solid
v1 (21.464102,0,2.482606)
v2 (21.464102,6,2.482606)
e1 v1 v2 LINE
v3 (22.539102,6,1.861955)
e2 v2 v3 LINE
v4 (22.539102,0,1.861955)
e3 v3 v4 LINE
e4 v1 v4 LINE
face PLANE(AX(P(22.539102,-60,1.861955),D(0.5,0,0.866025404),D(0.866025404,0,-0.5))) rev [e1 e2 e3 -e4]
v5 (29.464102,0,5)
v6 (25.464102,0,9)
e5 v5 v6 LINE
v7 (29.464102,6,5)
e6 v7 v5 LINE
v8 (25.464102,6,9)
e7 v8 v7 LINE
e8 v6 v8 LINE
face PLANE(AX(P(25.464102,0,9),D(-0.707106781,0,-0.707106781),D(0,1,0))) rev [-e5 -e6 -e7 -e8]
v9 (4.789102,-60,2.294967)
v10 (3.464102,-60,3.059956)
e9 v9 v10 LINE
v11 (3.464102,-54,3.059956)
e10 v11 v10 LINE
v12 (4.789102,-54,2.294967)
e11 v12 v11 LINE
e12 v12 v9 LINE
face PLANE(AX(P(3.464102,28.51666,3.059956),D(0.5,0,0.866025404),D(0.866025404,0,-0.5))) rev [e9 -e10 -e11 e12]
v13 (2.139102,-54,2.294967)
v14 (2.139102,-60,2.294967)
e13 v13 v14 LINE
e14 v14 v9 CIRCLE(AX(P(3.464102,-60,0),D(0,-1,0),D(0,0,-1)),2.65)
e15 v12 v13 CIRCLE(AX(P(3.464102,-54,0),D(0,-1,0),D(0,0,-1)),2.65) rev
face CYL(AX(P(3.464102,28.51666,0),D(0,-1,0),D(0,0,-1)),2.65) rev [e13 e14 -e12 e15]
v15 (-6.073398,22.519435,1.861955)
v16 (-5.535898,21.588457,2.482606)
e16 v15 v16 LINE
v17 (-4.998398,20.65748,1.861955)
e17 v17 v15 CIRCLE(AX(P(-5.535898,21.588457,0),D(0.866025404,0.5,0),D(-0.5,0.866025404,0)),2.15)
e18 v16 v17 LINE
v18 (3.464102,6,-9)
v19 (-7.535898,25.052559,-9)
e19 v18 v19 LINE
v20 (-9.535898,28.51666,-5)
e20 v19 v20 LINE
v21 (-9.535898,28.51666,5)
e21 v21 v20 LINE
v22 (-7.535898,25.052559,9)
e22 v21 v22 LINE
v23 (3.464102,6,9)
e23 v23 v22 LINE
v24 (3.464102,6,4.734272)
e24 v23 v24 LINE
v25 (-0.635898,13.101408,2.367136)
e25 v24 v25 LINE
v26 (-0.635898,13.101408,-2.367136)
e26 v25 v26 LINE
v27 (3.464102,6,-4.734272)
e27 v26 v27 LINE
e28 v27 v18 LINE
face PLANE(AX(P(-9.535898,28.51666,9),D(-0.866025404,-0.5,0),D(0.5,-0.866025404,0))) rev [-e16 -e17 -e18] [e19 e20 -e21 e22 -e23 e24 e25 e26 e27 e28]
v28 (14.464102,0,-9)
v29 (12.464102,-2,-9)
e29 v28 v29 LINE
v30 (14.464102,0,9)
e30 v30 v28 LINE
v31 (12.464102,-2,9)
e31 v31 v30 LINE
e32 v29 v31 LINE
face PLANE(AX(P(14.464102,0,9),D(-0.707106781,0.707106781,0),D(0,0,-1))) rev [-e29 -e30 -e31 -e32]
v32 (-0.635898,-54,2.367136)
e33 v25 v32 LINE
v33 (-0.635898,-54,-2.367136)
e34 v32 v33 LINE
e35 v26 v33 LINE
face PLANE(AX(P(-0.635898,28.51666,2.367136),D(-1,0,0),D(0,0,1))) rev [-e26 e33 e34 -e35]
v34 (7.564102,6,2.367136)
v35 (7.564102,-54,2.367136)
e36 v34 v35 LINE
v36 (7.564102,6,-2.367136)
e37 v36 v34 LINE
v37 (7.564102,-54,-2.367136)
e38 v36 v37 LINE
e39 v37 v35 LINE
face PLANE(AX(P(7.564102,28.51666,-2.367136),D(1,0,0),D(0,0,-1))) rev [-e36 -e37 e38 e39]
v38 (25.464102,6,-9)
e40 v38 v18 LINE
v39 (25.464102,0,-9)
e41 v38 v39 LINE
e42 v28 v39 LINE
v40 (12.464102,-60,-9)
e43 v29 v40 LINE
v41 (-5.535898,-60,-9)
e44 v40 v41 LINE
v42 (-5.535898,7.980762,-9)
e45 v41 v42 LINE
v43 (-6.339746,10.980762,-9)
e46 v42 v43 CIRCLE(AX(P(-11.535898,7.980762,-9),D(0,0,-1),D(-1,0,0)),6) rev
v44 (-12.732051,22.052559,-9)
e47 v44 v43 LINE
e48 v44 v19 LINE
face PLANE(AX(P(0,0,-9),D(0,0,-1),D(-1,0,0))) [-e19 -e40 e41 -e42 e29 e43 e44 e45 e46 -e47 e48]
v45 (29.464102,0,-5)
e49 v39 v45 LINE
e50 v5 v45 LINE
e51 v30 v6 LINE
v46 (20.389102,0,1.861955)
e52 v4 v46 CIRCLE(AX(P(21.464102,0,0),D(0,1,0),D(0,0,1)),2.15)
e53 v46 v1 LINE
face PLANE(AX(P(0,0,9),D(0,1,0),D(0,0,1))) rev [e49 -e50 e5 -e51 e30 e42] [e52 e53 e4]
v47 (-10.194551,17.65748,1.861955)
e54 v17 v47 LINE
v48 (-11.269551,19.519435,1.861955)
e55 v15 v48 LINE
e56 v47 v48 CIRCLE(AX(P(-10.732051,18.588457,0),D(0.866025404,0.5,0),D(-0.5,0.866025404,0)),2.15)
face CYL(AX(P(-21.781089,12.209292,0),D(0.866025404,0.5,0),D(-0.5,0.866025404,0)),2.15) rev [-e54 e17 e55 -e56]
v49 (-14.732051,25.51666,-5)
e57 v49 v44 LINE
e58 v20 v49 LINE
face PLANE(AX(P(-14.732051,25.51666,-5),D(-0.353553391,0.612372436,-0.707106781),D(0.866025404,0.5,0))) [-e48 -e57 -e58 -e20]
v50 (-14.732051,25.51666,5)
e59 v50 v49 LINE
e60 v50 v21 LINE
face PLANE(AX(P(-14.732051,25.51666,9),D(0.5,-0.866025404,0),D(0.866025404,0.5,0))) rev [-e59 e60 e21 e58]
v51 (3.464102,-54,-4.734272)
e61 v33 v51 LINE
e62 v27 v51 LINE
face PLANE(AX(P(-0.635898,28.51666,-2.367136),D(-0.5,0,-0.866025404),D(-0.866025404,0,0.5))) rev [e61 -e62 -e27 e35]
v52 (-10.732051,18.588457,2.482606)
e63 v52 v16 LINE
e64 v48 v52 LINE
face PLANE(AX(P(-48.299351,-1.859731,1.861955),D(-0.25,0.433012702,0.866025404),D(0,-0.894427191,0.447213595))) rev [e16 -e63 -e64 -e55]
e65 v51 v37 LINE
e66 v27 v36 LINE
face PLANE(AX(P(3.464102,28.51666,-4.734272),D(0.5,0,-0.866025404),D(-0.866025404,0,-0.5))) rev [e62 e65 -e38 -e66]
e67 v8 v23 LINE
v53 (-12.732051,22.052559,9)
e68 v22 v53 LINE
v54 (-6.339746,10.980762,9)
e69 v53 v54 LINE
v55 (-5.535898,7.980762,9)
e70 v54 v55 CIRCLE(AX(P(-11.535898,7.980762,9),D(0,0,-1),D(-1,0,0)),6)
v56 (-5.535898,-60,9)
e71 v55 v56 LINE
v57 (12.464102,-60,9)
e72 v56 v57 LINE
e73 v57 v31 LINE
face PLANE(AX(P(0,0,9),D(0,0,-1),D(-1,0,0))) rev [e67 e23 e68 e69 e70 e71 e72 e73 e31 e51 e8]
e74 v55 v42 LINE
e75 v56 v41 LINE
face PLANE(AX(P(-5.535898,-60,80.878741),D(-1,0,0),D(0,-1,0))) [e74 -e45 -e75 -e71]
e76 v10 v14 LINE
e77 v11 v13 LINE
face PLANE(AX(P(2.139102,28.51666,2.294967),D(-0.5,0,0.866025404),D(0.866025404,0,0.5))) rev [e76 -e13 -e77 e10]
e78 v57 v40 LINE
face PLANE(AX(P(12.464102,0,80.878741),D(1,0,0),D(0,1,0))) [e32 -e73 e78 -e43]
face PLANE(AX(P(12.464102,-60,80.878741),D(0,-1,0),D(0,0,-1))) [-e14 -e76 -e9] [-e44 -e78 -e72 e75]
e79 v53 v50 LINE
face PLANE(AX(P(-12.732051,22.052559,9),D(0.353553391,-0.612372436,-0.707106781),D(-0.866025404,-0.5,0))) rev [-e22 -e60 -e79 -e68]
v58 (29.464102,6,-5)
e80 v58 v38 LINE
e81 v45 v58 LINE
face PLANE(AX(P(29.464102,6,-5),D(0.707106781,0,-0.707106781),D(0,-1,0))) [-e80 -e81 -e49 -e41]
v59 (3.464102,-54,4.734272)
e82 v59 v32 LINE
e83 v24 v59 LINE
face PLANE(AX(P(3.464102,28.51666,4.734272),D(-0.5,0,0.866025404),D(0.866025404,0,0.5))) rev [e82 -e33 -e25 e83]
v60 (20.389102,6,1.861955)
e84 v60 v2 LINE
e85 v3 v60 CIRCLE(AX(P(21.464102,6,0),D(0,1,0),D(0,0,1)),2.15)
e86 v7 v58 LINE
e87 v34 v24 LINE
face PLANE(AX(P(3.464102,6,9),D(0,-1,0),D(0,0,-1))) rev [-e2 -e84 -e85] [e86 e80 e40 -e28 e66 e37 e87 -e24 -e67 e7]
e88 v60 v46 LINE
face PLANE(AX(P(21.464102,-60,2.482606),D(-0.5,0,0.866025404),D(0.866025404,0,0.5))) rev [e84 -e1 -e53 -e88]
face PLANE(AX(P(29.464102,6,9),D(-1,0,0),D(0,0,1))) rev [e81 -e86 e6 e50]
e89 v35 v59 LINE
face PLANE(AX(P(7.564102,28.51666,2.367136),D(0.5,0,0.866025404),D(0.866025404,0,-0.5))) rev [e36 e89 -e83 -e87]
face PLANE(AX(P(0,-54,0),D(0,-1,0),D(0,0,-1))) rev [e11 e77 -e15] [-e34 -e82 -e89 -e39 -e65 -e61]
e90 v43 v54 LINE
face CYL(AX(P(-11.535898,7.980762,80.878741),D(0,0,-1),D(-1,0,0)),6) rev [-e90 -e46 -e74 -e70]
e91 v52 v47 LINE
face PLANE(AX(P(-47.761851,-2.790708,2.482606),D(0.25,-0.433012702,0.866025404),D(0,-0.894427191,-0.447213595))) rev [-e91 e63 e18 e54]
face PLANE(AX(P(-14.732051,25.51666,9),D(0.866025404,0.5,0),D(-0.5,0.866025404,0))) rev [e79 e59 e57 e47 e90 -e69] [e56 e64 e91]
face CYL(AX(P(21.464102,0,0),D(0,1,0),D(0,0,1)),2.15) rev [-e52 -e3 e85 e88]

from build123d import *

# Parameters (mm, degrees)
BOSS_EXTRUDE1_DEPTH = 9
SKETCH2_R           = 2.15
CUT_EXTRUDE1_DEPTH  = 39.159314511
SKETCH3_R           = 2.15
CUT_EXTRUDE2_DEPTH  = 37.346022079
BOSS_EXTRUDE2_DEPTH = 18
CHAMFER1_SIZE       = 4
CHAMFER2_SIZE       = 2
FILLET1_R           = 6
CUT_EXTRUDE3_DEPTH  = 69.109715592
CUT_EXTRUDE4_DEPTH  = 73.836345899
SKETCH7_R           = 2.65
CUT_EXTRUDE5_DEPTH  = 94.724769777
CUT_EXTRUDE6_START  = -6
CUT_EXTRUDE6_DEPTH  = 88.724769777
CUT_EXTRUDE7_DEPTH  = 94.724769777


with BuildPart() as part:
    # Sketch1 → Boss-Extrude1 (new, symmetric)
    with BuildSketch(Plane.XY):
        Polygon((-14.732050808, 25.516660498), (0, 0), (29.464101615, 0), (29.464101615, 6), (3.464101615, 6), (-9.535898385, 28.516660498), align=None)
    extrude(amount=BOSS_EXTRUDE1_DEPTH, both=True)

    # Sketch2 → Cut-Extrude1 (cut, through all)
    with BuildSketch(Plane(origin=(0, 6, 0), x_dir=(1, 0, 0), z_dir=(0, 1, 0))):
        with Locations(Location((21.464101615, 0, 0), (0, 0, 270))):
            Circle(SKETCH2_R)
    extrude(amount=-CUT_EXTRUDE1_DEPTH, mode=Mode.SUBTRACT)

    # Sketch3 → Cut-Extrude2 (cut, through all)
    with BuildSketch(Plane(origin=(5.196152423, 3, 0), x_dir=(0, 0, -1), z_dir=(0.8660254037844397, 0.499999999999998, 0))):
        with Locations(Location((0, 21.464101615, 0), (0, 0, 90))):
            Circle(SKETCH3_R)
    extrude(amount=-CUT_EXTRUDE2_DEPTH, mode=Mode.SUBTRACT)

    # Sketch4 → Boss-Extrude2 (add)
    with BuildSketch(Plane(origin=(0, 0, -9), x_dir=(-1, 0, 0), z_dir=(0, 0, -1))):
        Polygon((0, 0), (-12.464101615, 0), (-12.464101615, -60), (5.535898385, -60), (5.535898385, 9.588457268), align=None)
    extrude(amount=-BOSS_EXTRUDE2_DEPTH)

    # Chamfer1
    chamfer1_edges = [part.edges().sort_by_distance(p)[0] for p in [
        (29.464101615, 3, 9),
        (-12.133974596, 27.016660498, 9),
        (29.464101615, 3, -9),
        (-12.133974596, 27.016660498, -9),
    ]]
    chamfer(chamfer1_edges, length=CHAMFER1_SIZE)

    # Chamfer2
    chamfer2_edges = [part.edges().sort_by_distance(p)[0] for p in [
        (12.464101615, 0, 0),
    ]]
    chamfer(chamfer2_edges, length=CHAMFER2_SIZE)

    # Fillet1
    fillet1_edges = [part.edges().sort_by_distance(p)[0] for p in [
        (-5.535898385, 9.588457268, 0),
    ]]
    fillet(fillet1_edges, radius=FILLET1_R)

    # Sketch5 → Cut-Extrude3 (cut, through all)
    with BuildSketch(Plane(origin=(5.196152423, 3, 0), x_dir=(0, 0, -1), z_dir=(0.8660254037844397, 0.4999999999999981, 0))):
        Polygon((-1.861954618, 22.539101615), (-2.482606158, 21.464101615), (-1.861954618, 20.389101615), align=None)
    extrude(amount=-CUT_EXTRUDE3_DEPTH, mode=Mode.SUBTRACT)

    # Sketch6 → Cut-Extrude4 (cut, through all)
    with BuildSketch(Plane(origin=(0, 6, 0), x_dir=(1, 0, 0), z_dir=(0, 1, 0))):
        Polygon((22.539101615, -1.861954618), (21.464101615, -2.482606158), (20.389101615, -1.861954618), align=None)
    extrude(amount=-CUT_EXTRUDE4_DEPTH, mode=Mode.SUBTRACT)

    # Sketch7 → Cut-Extrude5 (cut, through all)
    with BuildSketch(Plane.XZ.offset(60)):
        with Locations(Location((3.464101615, 0, 0), (0, 0, 270))):
            Circle(SKETCH7_R)
    extrude(amount=-CUT_EXTRUDE5_DEPTH, mode=Mode.SUBTRACT)

    # Sketch8 → Cut-Extrude6 (cut, through all)
    with BuildSketch(Plane.XZ.offset(60).offset(CUT_EXTRUDE6_START)):
        Polygon((3.464101615, 4.734272207), (-0.635898385, 2.367136104), (-0.635898385, -2.367136104), (3.464101615, -4.734272207), (7.564101615, -2.367136104), (7.564101615, 2.367136104), align=None)
    extrude(amount=-CUT_EXTRUDE6_DEPTH, mode=Mode.SUBTRACT)

    # Sketch10 → Cut-Extrude7 (cut, through all)
    with BuildSketch(Plane.XZ.offset(60)):
        Polygon((2.139101615, 2.29496732), (3.464101615, 3.059956427), (4.789101615, 2.29496732), align=None)
    extrude(amount=-CUT_EXTRUDE7_DEPTH, mode=Mode.SUBTRACT)


solid = part.part
